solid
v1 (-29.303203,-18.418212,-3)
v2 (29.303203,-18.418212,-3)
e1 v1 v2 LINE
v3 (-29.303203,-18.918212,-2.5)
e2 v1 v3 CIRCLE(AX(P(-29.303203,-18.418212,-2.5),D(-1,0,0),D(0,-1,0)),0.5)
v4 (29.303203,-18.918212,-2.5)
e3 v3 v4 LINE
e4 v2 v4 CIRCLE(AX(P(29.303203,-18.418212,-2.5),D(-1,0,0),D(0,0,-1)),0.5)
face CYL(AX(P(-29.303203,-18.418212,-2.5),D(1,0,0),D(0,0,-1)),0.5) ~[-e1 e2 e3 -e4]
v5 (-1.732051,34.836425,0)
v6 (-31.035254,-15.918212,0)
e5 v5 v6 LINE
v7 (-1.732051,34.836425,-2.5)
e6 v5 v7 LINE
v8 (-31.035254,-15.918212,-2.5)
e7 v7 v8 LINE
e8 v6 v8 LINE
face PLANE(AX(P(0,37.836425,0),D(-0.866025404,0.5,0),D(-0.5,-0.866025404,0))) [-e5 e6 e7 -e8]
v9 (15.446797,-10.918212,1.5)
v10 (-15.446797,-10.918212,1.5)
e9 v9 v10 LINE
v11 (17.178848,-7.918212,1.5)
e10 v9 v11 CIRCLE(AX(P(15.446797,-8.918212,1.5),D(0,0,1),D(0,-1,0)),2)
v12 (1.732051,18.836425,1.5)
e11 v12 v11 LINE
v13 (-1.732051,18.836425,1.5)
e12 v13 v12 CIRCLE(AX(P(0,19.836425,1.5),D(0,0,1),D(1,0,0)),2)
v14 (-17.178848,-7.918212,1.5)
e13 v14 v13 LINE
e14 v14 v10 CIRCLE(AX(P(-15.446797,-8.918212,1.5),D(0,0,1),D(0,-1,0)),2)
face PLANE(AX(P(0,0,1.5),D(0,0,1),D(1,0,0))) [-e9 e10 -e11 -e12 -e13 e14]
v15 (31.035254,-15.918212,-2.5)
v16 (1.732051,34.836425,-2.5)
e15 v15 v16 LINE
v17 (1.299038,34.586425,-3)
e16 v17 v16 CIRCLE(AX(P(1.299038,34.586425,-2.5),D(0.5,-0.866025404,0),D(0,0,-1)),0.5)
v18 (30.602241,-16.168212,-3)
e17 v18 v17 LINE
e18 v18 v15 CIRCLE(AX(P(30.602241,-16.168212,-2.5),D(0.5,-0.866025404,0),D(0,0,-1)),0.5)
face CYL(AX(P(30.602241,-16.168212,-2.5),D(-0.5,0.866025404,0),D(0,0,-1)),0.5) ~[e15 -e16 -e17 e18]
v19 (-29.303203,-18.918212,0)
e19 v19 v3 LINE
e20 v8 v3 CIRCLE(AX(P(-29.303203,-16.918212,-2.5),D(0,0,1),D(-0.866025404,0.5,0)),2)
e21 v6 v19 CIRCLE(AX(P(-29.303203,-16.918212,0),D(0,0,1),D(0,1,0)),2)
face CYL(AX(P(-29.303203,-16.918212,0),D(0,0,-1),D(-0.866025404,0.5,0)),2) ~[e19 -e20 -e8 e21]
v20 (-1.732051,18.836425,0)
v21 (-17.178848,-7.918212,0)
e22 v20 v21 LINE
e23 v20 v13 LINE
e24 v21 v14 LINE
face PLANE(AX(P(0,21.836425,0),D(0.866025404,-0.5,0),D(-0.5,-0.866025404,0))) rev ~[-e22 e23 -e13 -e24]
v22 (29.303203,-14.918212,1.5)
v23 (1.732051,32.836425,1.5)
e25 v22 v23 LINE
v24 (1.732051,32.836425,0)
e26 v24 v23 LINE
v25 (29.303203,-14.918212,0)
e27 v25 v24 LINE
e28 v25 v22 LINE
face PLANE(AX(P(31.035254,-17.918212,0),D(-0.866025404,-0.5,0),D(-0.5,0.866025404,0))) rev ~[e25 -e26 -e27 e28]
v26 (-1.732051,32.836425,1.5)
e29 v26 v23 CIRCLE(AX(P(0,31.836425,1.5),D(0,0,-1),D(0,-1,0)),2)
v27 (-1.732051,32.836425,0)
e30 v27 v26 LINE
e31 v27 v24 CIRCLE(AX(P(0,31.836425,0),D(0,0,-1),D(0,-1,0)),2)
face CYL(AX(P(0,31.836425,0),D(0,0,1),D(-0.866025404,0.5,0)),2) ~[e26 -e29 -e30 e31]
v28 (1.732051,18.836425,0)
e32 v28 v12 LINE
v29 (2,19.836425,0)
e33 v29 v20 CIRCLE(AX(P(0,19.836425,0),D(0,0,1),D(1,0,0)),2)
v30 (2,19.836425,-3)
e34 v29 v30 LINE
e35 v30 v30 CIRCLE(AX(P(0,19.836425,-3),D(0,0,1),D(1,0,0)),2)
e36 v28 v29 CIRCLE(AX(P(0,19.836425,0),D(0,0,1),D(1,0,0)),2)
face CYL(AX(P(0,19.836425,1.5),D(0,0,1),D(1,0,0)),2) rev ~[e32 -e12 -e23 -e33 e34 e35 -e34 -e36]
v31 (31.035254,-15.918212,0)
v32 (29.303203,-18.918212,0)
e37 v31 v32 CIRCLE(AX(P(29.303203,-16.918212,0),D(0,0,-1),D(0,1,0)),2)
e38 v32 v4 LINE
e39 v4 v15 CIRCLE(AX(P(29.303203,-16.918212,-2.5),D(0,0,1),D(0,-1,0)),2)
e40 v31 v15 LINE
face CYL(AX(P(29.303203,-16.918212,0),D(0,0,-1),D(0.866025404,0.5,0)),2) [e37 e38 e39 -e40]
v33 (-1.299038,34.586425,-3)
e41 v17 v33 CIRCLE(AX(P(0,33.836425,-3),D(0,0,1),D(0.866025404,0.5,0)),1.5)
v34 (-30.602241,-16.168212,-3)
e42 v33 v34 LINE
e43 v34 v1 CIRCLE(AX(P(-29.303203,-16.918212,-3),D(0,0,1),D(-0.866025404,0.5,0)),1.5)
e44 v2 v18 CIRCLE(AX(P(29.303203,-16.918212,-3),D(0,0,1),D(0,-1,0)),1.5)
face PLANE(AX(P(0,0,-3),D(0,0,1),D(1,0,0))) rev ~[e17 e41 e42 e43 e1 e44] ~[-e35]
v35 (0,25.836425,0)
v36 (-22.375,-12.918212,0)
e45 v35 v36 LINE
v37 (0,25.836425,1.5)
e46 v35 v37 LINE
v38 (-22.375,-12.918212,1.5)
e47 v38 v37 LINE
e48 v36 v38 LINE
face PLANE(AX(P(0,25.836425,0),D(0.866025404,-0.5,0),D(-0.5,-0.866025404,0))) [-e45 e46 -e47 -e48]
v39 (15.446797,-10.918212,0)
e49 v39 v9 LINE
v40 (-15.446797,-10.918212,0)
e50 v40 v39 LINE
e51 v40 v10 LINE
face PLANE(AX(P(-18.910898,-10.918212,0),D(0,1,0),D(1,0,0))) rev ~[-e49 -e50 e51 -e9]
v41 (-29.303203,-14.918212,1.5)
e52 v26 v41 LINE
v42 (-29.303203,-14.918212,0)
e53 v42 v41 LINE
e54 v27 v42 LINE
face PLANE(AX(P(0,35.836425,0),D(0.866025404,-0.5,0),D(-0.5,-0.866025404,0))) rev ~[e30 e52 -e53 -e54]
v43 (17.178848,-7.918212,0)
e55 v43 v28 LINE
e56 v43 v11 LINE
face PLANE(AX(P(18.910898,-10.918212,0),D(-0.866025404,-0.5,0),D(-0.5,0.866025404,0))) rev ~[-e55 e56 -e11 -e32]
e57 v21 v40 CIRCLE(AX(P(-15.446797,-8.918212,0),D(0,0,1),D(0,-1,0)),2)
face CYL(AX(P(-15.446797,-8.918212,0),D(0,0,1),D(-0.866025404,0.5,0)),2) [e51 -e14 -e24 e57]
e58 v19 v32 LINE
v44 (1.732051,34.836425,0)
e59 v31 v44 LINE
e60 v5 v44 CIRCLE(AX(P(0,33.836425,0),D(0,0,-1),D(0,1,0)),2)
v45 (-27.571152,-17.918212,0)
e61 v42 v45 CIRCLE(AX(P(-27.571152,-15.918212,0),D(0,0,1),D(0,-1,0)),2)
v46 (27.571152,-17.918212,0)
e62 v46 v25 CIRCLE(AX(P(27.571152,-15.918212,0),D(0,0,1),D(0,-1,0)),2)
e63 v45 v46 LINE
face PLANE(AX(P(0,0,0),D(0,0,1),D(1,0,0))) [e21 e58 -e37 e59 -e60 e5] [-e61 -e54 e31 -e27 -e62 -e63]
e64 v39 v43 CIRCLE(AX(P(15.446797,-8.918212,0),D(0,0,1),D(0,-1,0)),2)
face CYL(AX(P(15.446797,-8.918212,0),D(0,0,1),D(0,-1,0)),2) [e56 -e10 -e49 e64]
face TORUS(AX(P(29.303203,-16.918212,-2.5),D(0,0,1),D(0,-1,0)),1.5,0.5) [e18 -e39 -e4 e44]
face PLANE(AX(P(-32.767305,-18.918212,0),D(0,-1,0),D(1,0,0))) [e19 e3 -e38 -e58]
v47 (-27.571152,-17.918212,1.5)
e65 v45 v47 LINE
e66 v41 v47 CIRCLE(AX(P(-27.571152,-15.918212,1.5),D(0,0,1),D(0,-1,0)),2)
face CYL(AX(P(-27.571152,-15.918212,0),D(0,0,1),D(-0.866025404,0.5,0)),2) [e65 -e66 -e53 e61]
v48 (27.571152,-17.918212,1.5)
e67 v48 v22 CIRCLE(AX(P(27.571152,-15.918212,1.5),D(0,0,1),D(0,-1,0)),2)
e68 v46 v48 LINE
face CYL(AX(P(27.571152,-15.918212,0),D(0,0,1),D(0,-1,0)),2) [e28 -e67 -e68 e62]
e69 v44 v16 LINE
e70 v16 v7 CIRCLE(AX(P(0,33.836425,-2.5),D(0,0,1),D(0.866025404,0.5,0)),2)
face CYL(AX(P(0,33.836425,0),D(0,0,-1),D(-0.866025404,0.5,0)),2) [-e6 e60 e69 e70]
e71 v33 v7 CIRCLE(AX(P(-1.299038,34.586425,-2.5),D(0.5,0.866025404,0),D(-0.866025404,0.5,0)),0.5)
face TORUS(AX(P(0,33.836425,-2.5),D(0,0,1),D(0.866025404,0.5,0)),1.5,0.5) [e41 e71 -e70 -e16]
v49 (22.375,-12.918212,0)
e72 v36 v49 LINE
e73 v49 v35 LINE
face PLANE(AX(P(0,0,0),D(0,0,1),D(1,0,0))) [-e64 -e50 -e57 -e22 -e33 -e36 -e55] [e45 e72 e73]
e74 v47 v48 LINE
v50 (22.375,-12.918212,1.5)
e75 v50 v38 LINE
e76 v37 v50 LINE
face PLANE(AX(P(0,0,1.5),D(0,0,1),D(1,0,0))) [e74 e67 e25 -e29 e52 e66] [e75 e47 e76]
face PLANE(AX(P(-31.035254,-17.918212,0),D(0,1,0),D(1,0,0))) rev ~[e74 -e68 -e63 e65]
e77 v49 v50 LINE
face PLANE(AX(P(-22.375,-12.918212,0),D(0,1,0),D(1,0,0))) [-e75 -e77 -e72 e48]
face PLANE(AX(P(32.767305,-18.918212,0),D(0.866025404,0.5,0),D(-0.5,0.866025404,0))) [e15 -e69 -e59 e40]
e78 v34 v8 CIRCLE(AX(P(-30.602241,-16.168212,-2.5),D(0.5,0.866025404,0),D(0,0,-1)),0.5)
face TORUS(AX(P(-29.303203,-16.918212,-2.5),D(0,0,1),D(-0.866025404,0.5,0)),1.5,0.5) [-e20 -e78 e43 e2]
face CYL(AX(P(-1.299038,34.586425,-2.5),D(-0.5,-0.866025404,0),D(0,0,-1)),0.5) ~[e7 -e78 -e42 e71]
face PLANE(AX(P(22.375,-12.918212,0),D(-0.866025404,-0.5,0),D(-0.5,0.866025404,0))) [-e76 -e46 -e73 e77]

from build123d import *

# Parameters (mm, degrees)
PAD008_DEPTH    = 3
PAD009_DEPTH    = 1.5
POCKET_DEPTH    = 5
FILLET_R        = 2
FILLET001_R     = 2
SKETCH023_R     = 2
POCKET001_DEPTH = 4.501
FILLET002_R     = 0.5


with BuildPart() as part:
    # Sketch020 → Pad008 (new body)
    with BuildSketch(Plane.XY):
        Polygon((0, 37.8364245462), (-32.7673048454, -18.9182122731), (32.7673048454, -18.9182122731), align=None)
    extrude(amount=-PAD008_DEPTH)

    # Sketch021 → Pad009 (join)
    with BuildSketch(Plane.XY):
        Polygon((0, 35.8364245464), (-31.035254038, -17.9182122732), (31.035254038, -17.9182122732), align=None)
    extrude(amount=PAD009_DEPTH)

    # Sketch022 → Pocket (cut)
    with BuildSketch(Plane.XY):
        Polygon((0, 25.8364245462), (-22.375, -12.9182122731), (22.375, -12.9182122731), align=None)
        Polygon((0, 21.8364245462), (-18.9108983849, -10.9182122731), (18.9108983849, -10.9182122731), align=None, mode=Mode.SUBTRACT)
    extrude(amount=POCKET_DEPTH, mode=Mode.SUBTRACT)

    # Fillet
    fillet_edges = [part.edges().sort_by_distance(p)[0] for p in [
        (-32.767305, -18.918212, -1.5),
        (32.767305, -18.918212, -1.5),
        (0, 37.836425, -1.5),
        (31.035254, -17.918212, 0.75),
        (-31.035254, -17.918212, 0.75),
        (0, 35.836425, 0.75),
    ]]
    fillet(fillet_edges, radius=FILLET_R)

    # Fillet001
    fillet001_edges = [part.edges().sort_by_distance(p)[0] for p in [
        (0, 21.836425, 0.75),
        (18.910898, -10.918212, 0.75),
        (-18.910898, -10.918212, 0.75),
    ]]
    fillet(fillet001_edges, radius=FILLET001_R)

    # Sketch023 (on Face11 of Fillet001) → Pocket001 (cut, through all)
    with BuildSketch(Plane.XY.offset(1.5)):
        with Locations((0, 19.8364245462)):
            Circle(SKETCH023_R)
    extrude(amount=-POCKET001_DEPTH, mode=Mode.SUBTRACT)

    # Fillet002
    fillet002_edges = [part.edges().sort_by_distance(p)[0] for p in [
        (16.383652, 9.459106, -3),
    ]]
    fillet(fillet002_edges, radius=FILLET002_R)


solid = part.part
